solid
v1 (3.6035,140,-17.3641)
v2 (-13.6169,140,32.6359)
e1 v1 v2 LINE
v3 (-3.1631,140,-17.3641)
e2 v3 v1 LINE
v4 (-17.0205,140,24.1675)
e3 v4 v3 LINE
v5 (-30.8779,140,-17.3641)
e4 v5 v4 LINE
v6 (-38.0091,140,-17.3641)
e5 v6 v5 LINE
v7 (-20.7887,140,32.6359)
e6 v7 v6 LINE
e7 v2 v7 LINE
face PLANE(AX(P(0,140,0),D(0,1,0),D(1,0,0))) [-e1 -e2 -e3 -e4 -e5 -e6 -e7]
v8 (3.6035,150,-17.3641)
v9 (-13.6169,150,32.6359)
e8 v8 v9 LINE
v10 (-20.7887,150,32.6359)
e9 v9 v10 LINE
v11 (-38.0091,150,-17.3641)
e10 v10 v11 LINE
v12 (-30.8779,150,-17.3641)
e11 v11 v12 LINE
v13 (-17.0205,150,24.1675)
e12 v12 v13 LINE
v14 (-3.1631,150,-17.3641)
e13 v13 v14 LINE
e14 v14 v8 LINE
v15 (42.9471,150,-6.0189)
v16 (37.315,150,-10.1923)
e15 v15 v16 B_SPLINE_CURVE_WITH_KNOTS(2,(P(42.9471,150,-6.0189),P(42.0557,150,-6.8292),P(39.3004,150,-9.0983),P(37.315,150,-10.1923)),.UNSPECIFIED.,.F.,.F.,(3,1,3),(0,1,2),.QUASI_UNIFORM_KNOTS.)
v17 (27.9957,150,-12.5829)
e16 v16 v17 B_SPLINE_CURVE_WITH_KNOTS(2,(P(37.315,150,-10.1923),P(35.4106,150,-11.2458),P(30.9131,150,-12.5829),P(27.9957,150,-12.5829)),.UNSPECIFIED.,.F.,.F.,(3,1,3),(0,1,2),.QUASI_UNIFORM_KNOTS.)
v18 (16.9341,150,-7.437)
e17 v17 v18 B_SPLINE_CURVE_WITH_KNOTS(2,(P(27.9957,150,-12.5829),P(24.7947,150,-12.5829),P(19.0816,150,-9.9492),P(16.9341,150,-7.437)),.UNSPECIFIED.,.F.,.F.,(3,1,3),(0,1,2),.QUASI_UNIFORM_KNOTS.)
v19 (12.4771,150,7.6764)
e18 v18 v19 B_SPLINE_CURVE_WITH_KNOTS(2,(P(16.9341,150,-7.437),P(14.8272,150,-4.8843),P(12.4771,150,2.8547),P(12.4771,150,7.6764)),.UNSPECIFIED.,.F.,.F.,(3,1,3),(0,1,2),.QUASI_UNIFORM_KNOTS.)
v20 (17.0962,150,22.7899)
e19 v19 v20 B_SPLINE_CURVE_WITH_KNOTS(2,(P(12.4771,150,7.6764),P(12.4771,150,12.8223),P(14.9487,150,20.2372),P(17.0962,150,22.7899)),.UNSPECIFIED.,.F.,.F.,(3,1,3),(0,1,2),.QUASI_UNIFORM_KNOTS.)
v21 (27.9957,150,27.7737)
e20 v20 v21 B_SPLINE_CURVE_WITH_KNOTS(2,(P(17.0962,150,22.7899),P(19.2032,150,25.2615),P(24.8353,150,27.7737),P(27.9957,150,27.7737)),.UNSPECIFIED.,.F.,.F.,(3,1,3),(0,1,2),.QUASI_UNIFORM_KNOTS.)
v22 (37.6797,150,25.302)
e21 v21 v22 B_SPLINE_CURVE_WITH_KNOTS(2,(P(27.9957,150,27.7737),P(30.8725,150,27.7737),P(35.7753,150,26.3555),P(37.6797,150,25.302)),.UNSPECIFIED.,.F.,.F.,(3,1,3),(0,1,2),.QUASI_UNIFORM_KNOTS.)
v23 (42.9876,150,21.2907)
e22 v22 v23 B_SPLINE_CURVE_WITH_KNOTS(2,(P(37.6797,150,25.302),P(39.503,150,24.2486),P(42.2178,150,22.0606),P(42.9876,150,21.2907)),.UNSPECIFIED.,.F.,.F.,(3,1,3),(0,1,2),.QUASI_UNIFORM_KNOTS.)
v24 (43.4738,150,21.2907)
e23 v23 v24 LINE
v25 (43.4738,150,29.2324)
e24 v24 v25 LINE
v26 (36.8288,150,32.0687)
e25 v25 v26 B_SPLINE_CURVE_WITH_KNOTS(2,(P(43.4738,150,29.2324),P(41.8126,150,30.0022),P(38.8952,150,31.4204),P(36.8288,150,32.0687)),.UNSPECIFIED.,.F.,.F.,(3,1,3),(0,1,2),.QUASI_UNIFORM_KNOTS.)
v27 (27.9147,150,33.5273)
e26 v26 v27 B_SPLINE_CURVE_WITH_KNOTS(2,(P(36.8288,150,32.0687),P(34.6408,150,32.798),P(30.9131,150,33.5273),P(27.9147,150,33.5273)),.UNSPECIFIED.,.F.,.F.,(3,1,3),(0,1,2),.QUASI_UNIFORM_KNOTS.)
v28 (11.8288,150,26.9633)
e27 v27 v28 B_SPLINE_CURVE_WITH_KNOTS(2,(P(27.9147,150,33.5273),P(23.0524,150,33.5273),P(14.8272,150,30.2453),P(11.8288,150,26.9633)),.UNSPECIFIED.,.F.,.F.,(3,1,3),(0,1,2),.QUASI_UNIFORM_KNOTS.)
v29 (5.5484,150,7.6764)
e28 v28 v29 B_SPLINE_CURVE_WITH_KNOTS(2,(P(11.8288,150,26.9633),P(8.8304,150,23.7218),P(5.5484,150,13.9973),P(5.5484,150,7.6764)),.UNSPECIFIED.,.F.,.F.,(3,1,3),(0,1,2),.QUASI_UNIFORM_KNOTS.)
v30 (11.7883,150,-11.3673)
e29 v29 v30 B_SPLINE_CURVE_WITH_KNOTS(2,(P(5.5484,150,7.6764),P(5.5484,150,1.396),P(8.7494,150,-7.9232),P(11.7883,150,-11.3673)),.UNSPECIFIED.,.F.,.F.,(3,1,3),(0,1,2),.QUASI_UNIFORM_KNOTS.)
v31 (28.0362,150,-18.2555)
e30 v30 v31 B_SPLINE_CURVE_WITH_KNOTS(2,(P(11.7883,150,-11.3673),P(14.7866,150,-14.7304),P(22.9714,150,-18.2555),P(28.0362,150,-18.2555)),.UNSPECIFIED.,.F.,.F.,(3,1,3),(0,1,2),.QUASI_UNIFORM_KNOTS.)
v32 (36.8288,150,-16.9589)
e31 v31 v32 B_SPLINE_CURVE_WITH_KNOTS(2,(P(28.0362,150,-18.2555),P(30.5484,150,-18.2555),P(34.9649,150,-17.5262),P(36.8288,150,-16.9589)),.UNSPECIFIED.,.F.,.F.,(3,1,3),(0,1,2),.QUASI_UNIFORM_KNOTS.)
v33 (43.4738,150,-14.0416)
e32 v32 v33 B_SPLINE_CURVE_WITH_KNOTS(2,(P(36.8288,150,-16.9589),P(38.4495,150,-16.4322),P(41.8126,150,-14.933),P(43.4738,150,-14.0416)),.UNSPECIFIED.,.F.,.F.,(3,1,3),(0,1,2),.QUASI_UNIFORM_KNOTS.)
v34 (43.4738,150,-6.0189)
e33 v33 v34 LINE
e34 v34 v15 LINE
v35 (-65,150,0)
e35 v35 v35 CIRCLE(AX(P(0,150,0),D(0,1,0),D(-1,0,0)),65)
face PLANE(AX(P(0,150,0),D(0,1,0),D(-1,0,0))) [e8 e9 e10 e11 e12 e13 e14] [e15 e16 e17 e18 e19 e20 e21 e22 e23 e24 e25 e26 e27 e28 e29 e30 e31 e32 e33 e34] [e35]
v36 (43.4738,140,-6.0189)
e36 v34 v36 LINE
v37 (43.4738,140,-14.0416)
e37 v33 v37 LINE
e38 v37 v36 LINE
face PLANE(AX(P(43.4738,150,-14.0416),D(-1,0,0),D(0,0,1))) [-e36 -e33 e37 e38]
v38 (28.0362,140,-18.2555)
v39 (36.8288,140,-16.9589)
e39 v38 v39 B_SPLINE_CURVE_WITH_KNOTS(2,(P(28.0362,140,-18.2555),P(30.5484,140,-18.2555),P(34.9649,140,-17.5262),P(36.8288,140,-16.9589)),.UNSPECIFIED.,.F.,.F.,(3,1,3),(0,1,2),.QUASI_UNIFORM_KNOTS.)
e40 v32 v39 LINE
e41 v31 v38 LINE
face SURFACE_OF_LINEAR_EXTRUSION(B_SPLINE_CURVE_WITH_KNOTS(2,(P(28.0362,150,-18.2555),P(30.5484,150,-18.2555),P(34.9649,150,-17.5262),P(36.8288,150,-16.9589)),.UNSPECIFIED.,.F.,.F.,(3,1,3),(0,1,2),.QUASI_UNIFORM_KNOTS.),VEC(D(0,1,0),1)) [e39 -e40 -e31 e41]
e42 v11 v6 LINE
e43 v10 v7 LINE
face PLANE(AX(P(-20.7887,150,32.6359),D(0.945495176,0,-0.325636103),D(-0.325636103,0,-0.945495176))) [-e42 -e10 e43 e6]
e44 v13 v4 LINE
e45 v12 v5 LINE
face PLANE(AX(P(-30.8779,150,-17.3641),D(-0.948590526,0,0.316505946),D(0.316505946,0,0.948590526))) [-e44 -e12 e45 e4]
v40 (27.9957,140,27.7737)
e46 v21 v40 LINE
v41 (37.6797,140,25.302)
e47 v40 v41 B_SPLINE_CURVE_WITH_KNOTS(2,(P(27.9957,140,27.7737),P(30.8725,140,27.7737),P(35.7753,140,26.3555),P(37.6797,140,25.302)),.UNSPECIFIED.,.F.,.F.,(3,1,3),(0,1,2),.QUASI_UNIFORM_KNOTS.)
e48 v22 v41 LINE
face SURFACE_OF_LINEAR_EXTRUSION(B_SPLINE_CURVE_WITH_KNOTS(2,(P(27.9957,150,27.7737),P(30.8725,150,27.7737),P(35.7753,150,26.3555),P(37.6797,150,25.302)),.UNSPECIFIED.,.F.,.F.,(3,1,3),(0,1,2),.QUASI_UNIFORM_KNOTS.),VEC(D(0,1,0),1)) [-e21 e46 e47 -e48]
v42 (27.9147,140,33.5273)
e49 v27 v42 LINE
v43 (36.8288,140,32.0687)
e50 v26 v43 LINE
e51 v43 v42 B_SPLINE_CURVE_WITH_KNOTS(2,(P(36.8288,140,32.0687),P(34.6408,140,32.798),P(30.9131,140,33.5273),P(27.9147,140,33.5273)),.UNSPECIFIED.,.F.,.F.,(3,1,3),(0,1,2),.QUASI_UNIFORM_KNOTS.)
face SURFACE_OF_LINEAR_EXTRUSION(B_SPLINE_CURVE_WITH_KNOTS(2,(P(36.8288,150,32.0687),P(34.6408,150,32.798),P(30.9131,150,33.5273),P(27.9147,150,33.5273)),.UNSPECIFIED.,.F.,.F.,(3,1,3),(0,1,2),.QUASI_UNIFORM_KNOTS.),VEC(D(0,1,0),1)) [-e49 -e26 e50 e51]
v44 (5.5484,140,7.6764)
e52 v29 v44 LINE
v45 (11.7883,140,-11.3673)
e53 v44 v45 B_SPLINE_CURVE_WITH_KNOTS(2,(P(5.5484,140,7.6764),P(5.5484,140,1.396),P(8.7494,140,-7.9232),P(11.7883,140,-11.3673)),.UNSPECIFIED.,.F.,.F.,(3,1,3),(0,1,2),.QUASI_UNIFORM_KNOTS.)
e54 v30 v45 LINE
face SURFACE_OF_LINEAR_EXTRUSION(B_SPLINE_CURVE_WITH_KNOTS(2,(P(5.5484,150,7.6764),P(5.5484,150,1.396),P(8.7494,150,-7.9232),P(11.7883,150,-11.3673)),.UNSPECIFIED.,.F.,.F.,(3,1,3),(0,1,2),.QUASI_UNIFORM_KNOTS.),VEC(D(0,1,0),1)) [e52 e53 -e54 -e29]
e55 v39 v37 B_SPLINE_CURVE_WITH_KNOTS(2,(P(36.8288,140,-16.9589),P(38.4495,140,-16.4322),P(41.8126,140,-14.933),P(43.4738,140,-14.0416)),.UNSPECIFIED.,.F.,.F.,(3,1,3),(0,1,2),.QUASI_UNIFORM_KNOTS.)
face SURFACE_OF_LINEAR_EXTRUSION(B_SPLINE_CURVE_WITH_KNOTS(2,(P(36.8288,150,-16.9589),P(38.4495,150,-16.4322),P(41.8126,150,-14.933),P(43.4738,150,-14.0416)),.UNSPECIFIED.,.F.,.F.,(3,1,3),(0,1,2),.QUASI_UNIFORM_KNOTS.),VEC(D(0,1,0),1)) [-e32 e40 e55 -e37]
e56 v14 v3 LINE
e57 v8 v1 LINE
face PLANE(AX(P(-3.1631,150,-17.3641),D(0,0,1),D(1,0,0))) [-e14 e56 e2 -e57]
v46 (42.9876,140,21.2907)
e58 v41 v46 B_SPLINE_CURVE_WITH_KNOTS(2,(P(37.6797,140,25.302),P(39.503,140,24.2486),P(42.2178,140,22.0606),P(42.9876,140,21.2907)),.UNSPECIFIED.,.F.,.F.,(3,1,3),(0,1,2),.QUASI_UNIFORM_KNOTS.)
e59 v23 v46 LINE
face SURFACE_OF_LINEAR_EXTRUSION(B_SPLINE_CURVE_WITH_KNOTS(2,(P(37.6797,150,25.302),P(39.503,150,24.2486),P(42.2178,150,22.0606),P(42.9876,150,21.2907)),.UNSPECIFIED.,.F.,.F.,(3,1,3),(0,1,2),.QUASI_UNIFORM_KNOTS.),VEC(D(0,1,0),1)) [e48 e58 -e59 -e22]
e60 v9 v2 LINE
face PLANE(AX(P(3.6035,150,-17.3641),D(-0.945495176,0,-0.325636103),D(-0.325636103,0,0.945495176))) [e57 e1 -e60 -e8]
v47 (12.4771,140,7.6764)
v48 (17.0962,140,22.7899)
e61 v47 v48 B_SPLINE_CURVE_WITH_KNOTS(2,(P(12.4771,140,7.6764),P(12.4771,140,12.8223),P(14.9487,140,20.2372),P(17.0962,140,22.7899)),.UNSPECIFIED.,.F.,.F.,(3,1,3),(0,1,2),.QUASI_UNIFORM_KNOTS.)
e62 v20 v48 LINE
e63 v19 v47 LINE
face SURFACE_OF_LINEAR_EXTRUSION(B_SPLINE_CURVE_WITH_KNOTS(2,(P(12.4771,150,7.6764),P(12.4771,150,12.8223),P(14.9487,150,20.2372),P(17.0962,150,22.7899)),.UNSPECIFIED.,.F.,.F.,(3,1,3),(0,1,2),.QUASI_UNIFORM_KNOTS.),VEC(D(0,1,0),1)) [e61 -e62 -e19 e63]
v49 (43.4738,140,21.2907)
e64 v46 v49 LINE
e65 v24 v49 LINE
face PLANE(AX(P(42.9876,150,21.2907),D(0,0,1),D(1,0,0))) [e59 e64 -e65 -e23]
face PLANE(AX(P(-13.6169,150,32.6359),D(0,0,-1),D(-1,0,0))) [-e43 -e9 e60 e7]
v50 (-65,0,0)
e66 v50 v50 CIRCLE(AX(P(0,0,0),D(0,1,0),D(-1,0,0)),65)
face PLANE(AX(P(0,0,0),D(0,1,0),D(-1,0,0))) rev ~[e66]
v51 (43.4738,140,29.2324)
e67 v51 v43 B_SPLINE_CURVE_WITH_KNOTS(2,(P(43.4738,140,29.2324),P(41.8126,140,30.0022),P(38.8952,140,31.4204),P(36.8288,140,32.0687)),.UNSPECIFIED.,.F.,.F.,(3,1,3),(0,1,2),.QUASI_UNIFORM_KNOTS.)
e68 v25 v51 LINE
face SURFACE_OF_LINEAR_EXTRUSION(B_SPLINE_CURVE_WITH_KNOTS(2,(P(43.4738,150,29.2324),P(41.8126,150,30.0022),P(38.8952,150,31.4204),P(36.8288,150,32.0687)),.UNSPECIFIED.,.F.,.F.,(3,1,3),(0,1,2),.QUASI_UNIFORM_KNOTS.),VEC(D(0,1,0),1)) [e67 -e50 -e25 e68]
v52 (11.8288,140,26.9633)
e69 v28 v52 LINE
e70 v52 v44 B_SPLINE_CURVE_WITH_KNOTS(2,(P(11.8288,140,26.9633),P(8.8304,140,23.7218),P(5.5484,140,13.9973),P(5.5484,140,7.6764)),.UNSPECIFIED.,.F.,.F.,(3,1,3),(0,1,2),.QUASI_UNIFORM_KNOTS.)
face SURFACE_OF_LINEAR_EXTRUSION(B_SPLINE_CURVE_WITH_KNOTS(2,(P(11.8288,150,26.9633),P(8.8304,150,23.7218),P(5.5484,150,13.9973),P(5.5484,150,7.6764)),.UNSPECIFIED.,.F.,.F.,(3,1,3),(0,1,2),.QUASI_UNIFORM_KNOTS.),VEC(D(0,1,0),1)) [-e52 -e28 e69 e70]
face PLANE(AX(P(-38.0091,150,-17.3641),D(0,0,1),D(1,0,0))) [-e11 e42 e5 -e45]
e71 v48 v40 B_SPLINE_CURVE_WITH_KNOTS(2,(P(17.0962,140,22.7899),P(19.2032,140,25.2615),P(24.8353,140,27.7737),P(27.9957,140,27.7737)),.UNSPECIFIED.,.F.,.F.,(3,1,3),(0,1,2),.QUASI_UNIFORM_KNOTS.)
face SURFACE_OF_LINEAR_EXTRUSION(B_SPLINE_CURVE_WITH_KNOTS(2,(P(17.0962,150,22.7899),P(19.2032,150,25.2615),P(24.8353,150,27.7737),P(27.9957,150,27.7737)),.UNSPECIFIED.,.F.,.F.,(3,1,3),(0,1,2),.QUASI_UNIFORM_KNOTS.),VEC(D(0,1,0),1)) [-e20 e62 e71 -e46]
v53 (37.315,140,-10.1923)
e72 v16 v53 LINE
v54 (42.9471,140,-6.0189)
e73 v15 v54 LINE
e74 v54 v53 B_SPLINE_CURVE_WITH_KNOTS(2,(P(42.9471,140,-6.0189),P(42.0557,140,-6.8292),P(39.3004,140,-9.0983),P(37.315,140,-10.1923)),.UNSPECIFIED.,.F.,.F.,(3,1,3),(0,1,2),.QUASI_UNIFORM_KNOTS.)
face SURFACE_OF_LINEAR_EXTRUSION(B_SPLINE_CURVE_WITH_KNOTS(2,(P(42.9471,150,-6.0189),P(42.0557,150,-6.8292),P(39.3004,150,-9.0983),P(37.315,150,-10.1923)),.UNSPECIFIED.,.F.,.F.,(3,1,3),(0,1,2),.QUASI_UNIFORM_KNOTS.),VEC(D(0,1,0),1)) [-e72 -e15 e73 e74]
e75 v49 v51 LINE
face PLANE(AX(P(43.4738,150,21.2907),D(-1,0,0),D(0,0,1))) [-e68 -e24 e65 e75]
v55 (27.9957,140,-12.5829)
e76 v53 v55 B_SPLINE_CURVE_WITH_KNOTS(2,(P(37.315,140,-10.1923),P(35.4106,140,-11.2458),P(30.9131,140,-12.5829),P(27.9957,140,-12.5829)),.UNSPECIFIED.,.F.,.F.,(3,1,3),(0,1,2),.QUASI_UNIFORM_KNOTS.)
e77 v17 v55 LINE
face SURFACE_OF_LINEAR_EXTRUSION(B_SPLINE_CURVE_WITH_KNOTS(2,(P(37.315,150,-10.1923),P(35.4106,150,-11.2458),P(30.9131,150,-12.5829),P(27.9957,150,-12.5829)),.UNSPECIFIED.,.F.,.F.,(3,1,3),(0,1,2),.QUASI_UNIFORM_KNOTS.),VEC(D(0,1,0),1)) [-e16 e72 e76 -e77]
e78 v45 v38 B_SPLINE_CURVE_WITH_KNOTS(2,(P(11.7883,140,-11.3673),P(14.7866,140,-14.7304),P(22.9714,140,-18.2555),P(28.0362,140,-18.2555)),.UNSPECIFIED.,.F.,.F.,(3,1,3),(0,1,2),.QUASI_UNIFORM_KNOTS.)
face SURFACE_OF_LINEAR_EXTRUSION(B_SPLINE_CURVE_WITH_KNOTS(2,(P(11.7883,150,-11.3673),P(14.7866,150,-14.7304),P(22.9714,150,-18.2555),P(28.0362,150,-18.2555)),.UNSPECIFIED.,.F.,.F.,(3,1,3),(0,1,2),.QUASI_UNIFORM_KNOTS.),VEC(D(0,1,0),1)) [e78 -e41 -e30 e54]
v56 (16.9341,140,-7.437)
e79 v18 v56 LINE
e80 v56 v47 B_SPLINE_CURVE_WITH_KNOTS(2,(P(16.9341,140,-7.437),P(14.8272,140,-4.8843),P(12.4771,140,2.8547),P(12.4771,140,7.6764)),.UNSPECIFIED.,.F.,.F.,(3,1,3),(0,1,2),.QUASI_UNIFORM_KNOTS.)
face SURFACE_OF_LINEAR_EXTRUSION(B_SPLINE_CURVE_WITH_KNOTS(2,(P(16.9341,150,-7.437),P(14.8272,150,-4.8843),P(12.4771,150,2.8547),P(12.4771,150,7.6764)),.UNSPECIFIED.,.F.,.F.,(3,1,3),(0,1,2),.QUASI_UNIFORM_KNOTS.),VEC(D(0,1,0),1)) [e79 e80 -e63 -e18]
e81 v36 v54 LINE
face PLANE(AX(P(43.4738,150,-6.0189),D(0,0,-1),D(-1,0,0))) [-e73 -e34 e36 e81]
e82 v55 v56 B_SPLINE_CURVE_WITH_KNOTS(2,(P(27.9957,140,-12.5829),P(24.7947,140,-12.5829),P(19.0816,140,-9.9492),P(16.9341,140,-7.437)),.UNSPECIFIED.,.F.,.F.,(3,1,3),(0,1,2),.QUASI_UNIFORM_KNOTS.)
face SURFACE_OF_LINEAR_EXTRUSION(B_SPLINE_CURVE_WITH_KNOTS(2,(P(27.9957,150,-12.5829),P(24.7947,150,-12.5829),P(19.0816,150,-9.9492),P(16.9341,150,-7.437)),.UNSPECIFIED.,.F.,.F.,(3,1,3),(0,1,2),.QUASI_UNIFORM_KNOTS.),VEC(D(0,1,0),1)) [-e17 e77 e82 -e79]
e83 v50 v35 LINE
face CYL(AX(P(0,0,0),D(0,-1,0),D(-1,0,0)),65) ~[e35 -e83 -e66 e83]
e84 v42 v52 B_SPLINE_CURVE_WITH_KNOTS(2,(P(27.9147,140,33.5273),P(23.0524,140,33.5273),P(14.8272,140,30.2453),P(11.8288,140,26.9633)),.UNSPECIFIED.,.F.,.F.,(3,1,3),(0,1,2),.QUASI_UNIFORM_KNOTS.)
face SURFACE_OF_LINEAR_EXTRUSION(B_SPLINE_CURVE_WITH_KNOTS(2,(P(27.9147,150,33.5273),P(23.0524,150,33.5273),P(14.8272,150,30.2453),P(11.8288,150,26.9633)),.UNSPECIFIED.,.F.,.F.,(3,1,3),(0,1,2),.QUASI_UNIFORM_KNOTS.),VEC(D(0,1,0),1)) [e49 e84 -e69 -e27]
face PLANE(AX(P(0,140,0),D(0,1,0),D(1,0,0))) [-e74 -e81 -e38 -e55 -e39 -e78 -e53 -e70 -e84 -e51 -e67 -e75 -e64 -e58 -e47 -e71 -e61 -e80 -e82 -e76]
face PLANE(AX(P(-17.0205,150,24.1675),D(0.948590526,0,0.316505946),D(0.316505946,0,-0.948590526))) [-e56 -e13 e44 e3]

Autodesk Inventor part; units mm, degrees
ref_plane "YZ Plane" through (0, 0, 0) normal (1, 0, 0) x (0, 1, 0)
ref_plane "XZ Plane" through (0, 0, 0) normal (0, 1, 0) x (-1, 0, 0)
ref_plane "XY Plane" through (0, 0, 0) normal (0, 0, 1) x (1, 0, 0)
sketch "Sketch1" plane through (0, 0, 0) normal (0, 1, 0) x (-1, 0, 0)
  circle A0 centre (0, 0) radius 65
  line L0 (0, 0) -> (0, -25) construction
  circle A1 centre (0, -25) radius 11.5 construction
  circle A2 centre (21.6506, -12.5) radius 11.5 construction
  circle A3 centre (21.6506, 12.5) radius 11.5 construction
  circle A4 centre (0, 25) radius 11.5 construction
  circle A5 centre (-21.6506, 12.5) radius 11.5 construction
  circle A6 centre (-21.6506, -12.5) radius 11.5 construction
  line L1 (0, 0) -> (-21.6506, 37.5) construction
  circle A7 centre (-21.6506, 37.5) radius 11.5 construction
  circle A8 centre (-43.3013, 0) radius 11.5 construction
  circle A9 centre (-21.6506, -37.5) radius 11.5 construction
  circle A10 centre (21.6506, -37.5) radius 11.5 construction
  circle A11 centre (43.3013, 0) radius 11.5 construction
  circle A12 centre (21.6506, 37.5) radius 11.5 construction
  circle A13 centre (0, 50) radius 11.5 construction
  circle A14 centre (-43.3013, 25) radius 11.5 construction
  circle A15 centre (-43.3013, -25) radius 11.5 construction
  circle A16 centre (0, -50) radius 11.5 construction
  circle A17 centre (43.3013, -25) radius 11.5 construction
  circle A18 centre (43.3013, 25) radius 11.5 construction
  dimension "d0" = 130
  dimension "d5" = 25
  dimension "d6" = 23
  dimension "d9" = 360
  dimension "d11" = 23
  dimension "d13" = 150
  dimension "d16" = 360
  dimension "d18" = 25
  dimension "d19" = 25
  dimension "d20" = 25
  dimension "d21" = 25
  dimension "d22" = 23
  dimension "d25" = 360
extrude "Extrusion1" add sketch "Sketch1" along normal blind 150
sketch "Sketch2" plane through (0, 150, 0) normal (0, 1, 0) x (1, 0, 0)
  line L0 (-37.7255, 18.2555) -> (-21.2587, 18.2555) construction
  line L1 (-21.2587, 18.2555) -> (-21.2587, 7.8989) construction
  line L2 (-21.2587, 7.8989) -> (-37.7255, 7.8989) construction
  line L3 (-37.7255, 7.8989) -> (-37.7255, 18.2555) construction
  line L4 (3.6035, 17.3641) -> (-13.6169, -32.6359)
  line L5 (-13.6169, -32.6359) -> (-20.7887, -32.6359)
  line L6 (-20.7887, -32.6359) -> (-38.0091, 17.3641)
  line L7 (-38.0091, 17.3641) -> (-30.8779, 17.3641)
  line L8 (-30.8779, 17.3641) -> (-17.0205, -24.1675)
  line L9 (-17.0205, -24.1675) -> (-3.1631, 17.3641)
  line L10 (-3.1631, 17.3641) -> (3.6035, 17.3641)
  spline S0 degree 2 poles (27.9147, -33.5273) (23.0524, -33.5273) (14.8272, -30.2453) (11.8288, -26.9633) knots 0 0 0 1 2 2 2
  spline S1 degree 2 poles (11.8288, -26.9633) (8.8304, -23.7218) (5.5484, -13.9973) (5.5484, -7.6764) knots 0 0 0 1 2 2 2
  spline S2 degree 2 poles (5.5484, -7.6764) (5.5484, -1.396) (8.7494, 7.9232) (11.7883, 11.3673) knots 0 0 0 1 2 2 2
  spline S3 degree 2 poles (11.7883, 11.3673) (14.7866, 14.7304) (22.9714, 18.2555) (28.0362, 18.2555) knots 0 0 0 1 2 2 2
  spline S4 degree 2 poles (28.0362, 18.2555) (30.5484, 18.2555) (34.9649, 17.5262) (36.8288, 16.9589) knots 0 0 0 1 2 2 2
  spline S5 degree 2 poles (36.8288, 16.9589) (38.4495, 16.4322) (41.8126, 14.933) (43.4738, 14.0416) knots 0 0 0 1 2 2 2
  line L11 (43.4738, 14.0416) -> (43.4738, 6.0189)
  line L12 (43.4738, 6.0189) -> (42.9471, 6.0189)
  spline S6 degree 2 poles (42.9471, 6.0189) (42.0557, 6.8292) (39.3004, 9.0983) (37.315, 10.1923) knots 0 0 0 1 2 2 2
  spline S7 degree 2 poles (37.315, 10.1923) (35.4106, 11.2458) (30.9131, 12.5829) (27.9957, 12.5829) knots 0 0 0 1 2 2 2
  spline S8 degree 2 poles (27.9957, 12.5829) (24.7947, 12.5829) (19.0816, 9.9492) (16.9341, 7.437) knots 0 0 0 1 2 2 2
  spline S9 degree 2 poles (16.9341, 7.437) (14.8272, 4.8843) (12.4771, -2.8547) (12.4771, -7.6764) knots 0 0 0 1 2 2 2
  spline S10 degree 2 poles (12.4771, -7.6764) (12.4771, -12.8223) (14.9487, -20.2372) (17.0962, -22.7899) knots 0 0 0 1 2 2 2
  spline S11 degree 2 poles (17.0962, -22.7899) (19.2032, -25.2615) (24.8353, -27.7737) (27.9957, -27.7737) knots 0 0 0 1 2 2 2
  spline S12 degree 2 poles (27.9957, -27.7737) (30.8725, -27.7737) (35.7753, -26.3555) (37.6797, -25.302) knots 0 0 0 1 2 2 2
  spline S13 degree 2 poles (37.6797, -25.302) (39.503, -24.2486) (42.2178, -22.0606) (42.9876, -21.2907) knots 0 0 0 1 2 2 2
  line L13 (42.9876, -21.2907) -> (43.4738, -21.2907)
  line L14 (43.4738, -21.2907) -> (43.4738, -29.2324)
  spline S14 degree 2 poles (43.4738, -29.2324) (41.8126, -30.0022) (38.8952, -31.4204) (36.8288, -32.0687) knots 0 0 0 1 2 2 2
  spline S15 degree 2 poles (36.8288, -32.0687) (34.6408, -32.798) (30.9131, -33.5273) (27.9147, -33.5273) knots 0 0 0 1 2 2 2
  point P0 (0, 0)
extrude "Extrusion2" cut sketch "Sketch2" against normal blind 10
equation "\"d11\" = d6"
equation "\"d21\" = d19"
equation "\"d22\" = d6"
properties part number "VialCarousel"
